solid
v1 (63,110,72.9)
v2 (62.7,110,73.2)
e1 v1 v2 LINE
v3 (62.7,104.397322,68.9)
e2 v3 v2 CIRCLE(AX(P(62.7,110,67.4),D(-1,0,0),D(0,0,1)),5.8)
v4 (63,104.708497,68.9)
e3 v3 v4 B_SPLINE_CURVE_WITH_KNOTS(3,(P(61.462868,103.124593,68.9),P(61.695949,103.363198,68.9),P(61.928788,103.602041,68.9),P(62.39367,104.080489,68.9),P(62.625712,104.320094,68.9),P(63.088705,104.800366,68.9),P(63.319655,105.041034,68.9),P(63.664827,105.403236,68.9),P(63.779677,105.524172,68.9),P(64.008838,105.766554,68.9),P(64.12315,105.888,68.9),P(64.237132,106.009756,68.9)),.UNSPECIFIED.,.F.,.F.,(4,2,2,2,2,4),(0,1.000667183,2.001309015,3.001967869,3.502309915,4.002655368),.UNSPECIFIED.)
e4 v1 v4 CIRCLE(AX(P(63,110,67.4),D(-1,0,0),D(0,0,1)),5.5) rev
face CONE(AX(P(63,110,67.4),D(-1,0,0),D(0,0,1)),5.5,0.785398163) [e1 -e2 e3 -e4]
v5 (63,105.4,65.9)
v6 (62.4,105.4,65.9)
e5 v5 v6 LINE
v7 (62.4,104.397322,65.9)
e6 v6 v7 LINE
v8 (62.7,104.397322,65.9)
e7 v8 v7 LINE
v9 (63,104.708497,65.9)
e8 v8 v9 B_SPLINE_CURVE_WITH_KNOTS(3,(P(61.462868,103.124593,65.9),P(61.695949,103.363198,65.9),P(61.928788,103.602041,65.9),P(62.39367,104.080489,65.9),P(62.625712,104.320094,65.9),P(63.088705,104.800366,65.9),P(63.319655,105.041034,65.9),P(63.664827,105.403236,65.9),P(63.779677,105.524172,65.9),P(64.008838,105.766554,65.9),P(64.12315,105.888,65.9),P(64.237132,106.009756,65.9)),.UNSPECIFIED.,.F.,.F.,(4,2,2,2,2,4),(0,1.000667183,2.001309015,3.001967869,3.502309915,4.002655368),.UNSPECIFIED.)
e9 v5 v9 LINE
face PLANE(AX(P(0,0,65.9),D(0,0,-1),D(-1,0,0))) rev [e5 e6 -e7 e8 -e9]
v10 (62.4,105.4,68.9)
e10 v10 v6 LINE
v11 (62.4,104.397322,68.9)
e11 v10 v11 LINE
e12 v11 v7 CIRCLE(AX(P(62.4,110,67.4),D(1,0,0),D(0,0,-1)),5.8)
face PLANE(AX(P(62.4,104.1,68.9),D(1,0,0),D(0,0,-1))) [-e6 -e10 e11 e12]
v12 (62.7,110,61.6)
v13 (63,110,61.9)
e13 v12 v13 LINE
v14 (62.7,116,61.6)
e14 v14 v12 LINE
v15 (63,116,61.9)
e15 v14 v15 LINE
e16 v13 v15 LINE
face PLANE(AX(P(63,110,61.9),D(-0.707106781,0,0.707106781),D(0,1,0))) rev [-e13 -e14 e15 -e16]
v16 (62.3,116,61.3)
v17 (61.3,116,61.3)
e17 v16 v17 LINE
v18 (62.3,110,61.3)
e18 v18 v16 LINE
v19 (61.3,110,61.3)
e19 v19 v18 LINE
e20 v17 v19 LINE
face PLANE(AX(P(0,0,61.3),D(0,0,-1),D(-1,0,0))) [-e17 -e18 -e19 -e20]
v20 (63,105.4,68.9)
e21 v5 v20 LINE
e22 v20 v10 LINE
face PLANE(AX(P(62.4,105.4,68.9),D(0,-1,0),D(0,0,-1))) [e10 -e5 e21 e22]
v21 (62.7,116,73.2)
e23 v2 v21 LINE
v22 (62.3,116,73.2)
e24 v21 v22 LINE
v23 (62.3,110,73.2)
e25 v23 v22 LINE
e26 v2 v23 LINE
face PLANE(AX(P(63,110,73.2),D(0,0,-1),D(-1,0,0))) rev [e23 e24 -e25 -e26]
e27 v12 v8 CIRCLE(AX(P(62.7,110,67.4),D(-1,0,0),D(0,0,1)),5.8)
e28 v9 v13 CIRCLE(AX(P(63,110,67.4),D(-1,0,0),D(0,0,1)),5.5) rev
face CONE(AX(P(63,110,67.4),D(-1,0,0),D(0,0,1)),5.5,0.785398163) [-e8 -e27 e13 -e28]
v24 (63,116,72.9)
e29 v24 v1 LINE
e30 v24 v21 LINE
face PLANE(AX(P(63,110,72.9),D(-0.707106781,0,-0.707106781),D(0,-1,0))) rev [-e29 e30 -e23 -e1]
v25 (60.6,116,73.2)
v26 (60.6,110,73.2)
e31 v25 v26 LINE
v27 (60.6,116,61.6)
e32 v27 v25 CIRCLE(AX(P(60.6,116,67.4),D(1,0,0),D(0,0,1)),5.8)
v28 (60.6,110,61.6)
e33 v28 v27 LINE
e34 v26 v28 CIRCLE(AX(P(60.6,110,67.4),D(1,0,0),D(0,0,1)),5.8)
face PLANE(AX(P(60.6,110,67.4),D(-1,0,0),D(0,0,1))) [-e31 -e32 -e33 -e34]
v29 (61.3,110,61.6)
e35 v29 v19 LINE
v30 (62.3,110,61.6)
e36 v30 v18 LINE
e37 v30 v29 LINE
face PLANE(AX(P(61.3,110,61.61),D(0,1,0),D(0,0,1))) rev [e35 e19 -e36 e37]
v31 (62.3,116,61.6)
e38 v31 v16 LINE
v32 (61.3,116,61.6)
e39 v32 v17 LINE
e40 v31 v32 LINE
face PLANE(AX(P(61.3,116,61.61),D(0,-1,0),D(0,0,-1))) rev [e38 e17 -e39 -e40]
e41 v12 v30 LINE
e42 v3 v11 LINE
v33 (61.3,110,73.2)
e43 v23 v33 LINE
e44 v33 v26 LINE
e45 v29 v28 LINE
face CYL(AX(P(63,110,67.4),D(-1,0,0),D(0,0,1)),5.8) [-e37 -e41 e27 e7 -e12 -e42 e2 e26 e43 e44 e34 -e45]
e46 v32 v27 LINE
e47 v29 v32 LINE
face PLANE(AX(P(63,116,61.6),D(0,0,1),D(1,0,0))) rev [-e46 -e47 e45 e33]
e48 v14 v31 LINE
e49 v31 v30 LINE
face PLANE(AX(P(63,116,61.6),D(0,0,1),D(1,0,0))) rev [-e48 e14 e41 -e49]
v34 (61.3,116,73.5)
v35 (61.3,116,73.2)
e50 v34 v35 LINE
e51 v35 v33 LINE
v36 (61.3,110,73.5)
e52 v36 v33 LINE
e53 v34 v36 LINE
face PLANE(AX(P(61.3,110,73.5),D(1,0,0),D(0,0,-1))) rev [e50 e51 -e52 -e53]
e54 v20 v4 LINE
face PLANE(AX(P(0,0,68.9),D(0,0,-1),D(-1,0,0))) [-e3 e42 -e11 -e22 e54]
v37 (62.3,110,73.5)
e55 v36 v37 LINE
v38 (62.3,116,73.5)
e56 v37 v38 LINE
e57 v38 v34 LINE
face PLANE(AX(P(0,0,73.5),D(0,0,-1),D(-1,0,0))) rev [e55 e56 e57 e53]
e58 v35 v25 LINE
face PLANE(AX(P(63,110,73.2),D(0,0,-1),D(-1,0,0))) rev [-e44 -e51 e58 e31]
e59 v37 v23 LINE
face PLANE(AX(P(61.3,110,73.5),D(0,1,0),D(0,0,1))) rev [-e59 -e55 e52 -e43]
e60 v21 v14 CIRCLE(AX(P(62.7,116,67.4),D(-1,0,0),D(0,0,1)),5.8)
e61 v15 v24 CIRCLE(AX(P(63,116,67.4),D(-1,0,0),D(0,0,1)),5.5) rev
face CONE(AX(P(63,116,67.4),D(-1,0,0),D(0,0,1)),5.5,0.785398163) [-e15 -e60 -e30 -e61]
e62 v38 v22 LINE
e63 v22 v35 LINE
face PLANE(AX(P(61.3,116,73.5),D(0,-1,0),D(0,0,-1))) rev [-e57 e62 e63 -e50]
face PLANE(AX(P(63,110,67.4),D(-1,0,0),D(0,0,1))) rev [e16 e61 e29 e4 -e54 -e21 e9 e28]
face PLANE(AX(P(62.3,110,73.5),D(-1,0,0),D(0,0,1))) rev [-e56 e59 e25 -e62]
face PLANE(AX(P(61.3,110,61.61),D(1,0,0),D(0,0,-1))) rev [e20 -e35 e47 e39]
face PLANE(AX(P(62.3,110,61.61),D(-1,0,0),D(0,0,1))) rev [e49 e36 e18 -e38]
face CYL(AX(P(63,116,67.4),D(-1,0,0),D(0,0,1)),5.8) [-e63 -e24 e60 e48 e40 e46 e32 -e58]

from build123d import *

# Parameters (mm, degrees)
BOSS_EXTRUDE1_START = 60.6
BOSS_EXTRUDE1_DEPTH = 2.4
CHAMFER1_SIZE       = 0.3
BOSS_EXTRUDE2_START = 61.3
SKETCH2_W           = 1
SKETCH2_H           = 6
BOSS_EXTRUDE2_DEPTH = 0.31
BOSS_EXTRUDE3_START = 73.19
SKETCH3_W           = 1
SKETCH3_H           = 6
BOSS_EXTRUDE3_DEPTH = 0.31
BOSS_EXTRUDE4_START = 65.9
SKETCH4_W           = 0.7
SKETCH4_H           = 1.3
BOSS_EXTRUDE4_DEPTH = 3


with BuildPart() as part:
    # Sketch1 → Boss-Extrude1 (new body)
    with BuildSketch(Plane(origin=(0, 0, 0), x_dir=(0, 0, -1), z_dir=(1, 0, 0)).offset(BOSS_EXTRUDE1_START)):
        with BuildLine():
            Line((-73.2, 110), (-73.2, 116))
            ThreePointArc((-73.2, 116), (-71.501219331, 120.101219331), (-67.4, 121.8))
            ThreePointArc((-67.4, 121.8), (-63.298780669, 120.101219331), (-61.6, 116))
            Line((-61.6, 116), (-61.6, 110))
            ThreePointArc((-61.6, 110), (-63.298780669, 105.898780669), (-67.4, 104.2))
            ThreePointArc((-67.4, 104.2), (-71.501219331, 105.898780669), (-73.2, 110))
        make_face()
    extrude(amount=BOSS_EXTRUDE1_DEPTH)

    # Chamfer1
    chamfer1_edges = [part.edges().sort_by_distance(p)[0] for p in [
        (63, 121.8, 67.4),
        (63, 113, 73.2),
        (63, 104.2, 67.4),
        (63, 113, 61.6),
    ]]
    chamfer(chamfer1_edges, length=CHAMFER1_SIZE)

    # Sketch2 → Boss-Extrude2 (add)
    with BuildSketch(Plane.XY.offset(BOSS_EXTRUDE2_START)):
        with Locations((61.8, 113)):
            Rectangle(SKETCH2_W, SKETCH2_H)
    extrude(amount=BOSS_EXTRUDE2_DEPTH)

    # Sketch3 → Boss-Extrude3 (add)
    with BuildSketch(Plane.XY.offset(BOSS_EXTRUDE3_START)):
        with Locations((61.8, 113)):
            Rectangle(SKETCH3_W, SKETCH3_H)
    extrude(amount=BOSS_EXTRUDE3_DEPTH)


with BuildPart() as body_2:
    # Sketch4 → Boss-Extrude4 (new body)
    with BuildSketch(Plane.XY.offset(BOSS_EXTRUDE4_START)):
        with Locations((62.75, 104.75)):
            Rectangle(SKETCH4_W, SKETCH4_H)
    extrude(amount=BOSS_EXTRUDE4_DEPTH)


with BuildPart() as part_1:
    add(part.part)

    # Combine1: cut body 2
    add(body_2.part, mode=Mode.SUBTRACT)


solid = part_1.part
